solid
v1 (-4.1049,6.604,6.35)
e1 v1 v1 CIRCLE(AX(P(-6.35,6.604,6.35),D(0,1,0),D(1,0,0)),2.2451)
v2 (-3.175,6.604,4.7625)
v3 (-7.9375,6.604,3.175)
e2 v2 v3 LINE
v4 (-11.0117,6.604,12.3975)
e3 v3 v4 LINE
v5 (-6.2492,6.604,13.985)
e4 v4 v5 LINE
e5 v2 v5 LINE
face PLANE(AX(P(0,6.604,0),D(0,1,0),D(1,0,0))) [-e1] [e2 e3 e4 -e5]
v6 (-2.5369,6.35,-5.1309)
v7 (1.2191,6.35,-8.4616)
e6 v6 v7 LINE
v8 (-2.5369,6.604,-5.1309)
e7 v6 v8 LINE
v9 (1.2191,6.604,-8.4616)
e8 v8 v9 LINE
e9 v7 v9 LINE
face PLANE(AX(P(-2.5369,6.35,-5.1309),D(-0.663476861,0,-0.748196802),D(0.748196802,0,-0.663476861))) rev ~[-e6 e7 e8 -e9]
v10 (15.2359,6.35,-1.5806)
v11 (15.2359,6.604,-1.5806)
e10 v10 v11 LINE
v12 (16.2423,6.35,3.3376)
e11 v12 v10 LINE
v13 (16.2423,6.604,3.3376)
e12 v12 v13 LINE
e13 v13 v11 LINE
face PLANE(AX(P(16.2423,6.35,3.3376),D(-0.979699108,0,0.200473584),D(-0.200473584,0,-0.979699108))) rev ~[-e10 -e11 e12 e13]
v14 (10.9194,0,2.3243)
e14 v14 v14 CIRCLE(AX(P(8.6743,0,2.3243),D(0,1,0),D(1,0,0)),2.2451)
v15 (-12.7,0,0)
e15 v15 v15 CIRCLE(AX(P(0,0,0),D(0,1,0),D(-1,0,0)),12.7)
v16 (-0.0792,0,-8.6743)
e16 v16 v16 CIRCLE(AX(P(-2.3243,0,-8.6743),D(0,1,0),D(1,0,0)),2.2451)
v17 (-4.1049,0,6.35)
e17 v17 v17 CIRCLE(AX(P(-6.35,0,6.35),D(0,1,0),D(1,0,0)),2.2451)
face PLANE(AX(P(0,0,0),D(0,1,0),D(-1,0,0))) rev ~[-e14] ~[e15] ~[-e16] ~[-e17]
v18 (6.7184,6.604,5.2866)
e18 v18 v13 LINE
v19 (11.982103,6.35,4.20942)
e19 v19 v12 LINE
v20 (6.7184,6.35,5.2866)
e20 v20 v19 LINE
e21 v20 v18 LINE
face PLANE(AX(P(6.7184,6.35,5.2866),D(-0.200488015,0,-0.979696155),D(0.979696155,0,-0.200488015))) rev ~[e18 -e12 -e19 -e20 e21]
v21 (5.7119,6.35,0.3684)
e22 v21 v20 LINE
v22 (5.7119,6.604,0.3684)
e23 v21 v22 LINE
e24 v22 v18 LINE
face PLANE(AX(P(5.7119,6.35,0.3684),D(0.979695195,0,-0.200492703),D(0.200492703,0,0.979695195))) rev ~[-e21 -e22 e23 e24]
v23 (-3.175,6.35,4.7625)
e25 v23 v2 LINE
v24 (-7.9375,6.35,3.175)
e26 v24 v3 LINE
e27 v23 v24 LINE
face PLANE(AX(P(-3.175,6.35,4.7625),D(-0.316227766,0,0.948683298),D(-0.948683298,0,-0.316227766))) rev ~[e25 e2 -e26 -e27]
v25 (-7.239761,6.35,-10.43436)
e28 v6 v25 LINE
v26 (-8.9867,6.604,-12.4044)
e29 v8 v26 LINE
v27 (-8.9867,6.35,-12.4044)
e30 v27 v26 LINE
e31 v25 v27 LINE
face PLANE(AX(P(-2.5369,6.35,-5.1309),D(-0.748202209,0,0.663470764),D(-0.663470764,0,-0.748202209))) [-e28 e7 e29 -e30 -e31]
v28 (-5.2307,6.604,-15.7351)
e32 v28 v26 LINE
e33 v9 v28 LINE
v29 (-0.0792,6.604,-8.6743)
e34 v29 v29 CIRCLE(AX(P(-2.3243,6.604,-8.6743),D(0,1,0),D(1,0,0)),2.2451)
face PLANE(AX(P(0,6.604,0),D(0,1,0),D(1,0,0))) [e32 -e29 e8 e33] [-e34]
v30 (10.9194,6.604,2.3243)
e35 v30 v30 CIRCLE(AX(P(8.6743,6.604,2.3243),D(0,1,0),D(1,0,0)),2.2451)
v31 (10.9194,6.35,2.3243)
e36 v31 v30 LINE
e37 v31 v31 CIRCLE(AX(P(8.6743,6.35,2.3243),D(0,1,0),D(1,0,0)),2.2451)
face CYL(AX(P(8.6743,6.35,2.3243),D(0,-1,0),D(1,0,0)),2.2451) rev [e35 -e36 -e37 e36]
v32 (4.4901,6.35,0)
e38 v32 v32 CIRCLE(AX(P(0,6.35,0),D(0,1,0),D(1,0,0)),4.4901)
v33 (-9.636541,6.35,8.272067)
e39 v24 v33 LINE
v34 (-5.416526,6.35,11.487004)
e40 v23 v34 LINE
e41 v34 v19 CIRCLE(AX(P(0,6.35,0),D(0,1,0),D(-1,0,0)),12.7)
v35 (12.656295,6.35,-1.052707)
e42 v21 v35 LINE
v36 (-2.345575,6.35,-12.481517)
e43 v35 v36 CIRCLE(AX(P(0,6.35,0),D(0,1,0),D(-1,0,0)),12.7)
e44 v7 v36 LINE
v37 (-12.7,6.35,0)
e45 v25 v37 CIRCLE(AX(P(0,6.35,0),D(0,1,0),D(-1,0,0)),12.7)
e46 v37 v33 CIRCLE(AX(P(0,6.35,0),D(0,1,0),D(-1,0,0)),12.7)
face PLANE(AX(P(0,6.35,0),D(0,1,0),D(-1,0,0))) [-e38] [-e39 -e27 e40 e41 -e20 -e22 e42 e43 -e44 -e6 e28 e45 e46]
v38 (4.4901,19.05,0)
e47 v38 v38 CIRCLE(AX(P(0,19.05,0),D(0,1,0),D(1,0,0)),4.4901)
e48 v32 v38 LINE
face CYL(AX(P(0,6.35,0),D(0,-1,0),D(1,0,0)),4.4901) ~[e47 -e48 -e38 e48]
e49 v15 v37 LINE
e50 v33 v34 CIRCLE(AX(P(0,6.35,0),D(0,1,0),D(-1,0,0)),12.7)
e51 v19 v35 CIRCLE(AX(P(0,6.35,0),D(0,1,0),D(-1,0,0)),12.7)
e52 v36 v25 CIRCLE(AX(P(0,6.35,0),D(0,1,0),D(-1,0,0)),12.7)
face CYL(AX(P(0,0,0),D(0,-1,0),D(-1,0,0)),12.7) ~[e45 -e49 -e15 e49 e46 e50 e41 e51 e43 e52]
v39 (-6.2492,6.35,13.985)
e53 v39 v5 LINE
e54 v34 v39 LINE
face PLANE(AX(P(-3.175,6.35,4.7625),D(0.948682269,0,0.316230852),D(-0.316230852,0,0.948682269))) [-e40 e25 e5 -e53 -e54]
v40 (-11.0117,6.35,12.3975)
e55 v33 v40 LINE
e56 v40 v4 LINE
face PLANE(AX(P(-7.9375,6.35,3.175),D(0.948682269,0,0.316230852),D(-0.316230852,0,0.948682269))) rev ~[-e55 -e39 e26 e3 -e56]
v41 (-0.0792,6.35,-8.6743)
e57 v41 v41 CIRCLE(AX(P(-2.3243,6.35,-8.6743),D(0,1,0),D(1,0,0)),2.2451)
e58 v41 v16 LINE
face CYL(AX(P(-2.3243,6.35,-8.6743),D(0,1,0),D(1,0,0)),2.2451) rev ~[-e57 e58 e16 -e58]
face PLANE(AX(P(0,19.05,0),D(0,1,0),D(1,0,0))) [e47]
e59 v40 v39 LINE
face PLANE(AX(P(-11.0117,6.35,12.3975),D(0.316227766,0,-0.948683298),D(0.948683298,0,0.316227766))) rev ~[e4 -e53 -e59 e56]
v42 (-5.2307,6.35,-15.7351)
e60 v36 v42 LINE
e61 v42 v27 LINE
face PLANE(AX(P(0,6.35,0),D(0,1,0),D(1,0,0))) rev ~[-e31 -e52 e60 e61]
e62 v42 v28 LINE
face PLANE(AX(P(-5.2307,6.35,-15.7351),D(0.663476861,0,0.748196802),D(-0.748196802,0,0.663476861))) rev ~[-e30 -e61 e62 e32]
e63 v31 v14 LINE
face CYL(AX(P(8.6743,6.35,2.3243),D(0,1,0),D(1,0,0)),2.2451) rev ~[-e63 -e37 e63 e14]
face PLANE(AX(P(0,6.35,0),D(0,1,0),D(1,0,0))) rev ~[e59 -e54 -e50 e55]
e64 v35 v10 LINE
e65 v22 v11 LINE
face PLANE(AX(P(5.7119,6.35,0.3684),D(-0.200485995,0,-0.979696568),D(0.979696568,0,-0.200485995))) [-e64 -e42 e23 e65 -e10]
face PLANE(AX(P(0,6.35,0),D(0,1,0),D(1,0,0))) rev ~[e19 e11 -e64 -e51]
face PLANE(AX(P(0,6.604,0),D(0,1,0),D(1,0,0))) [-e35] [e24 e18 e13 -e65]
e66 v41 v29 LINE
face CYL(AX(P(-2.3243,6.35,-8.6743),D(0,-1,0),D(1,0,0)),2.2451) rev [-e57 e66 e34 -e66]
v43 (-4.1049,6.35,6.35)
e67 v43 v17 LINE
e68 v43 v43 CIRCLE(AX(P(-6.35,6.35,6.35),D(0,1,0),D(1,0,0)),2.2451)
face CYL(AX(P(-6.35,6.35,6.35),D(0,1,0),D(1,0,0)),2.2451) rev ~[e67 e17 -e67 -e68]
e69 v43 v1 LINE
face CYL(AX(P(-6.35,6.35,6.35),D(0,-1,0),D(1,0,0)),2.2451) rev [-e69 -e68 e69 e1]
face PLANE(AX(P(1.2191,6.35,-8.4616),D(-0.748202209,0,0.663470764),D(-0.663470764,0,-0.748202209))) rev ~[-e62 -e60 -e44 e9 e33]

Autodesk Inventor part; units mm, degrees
ref_plane "YZ Plane" through (0, 0, 0) normal (1, 0, 0) x (0, 1, 0)
ref_plane "XZ Plane" through (0, 0, 0) normal (0, 1, 0) x (-1, 0, 0)
ref_plane "XY Plane" through (0, 0, 0) normal (0, 0, 1) x (1, 0, 0)
sketch "Sketch1" plane through (0, 0, 0) normal (0, 1, 0) x (-1, 0, 0)
  circle A0 centre (0, 0) radius 12.7
  dimension "d0" = 25.4
extrude "Extrusion1" add sketch "Sketch1" along normal blind 6.35
sketch "Sketch2" plane through (0, 6.35, 0) normal (0, 1, 0) x (1, 0, 0)
  line L0 (0, 0) -> (-6.35, 0)
  circle A0 centre (-6.35, -6.35) radius 2.2451
  line L1 (-3.175, -4.7625) -> (-7.9375, -3.175)
  line L2 (-7.9375, -3.175) -> (-11.0117, -12.3975)
  line L3 (-3.175, -4.7625) -> (-6.2492, -13.985)
  line L4 (-11.0117, -12.3975) -> (-6.2492, -13.985)
  circle A1 centre (8.6743, -2.3243) radius 2.2451
  line L5 (6.7184, -5.2866) -> (16.2423, -3.3376)
  line L6 (16.2423, -3.3376) -> (15.2359, 1.5806)
  line L7 (5.7119, -0.3684) -> (15.2359, 1.5806)
  line L8 (5.7119, -0.3684) -> (6.7184, -5.2866)
  circle A2 centre (-2.3243, 8.6743) radius 2.2451
  line L9 (1.2191, 8.4616) -> (-5.2307, 15.7351)
  line L10 (-5.2307, 15.7351) -> (-8.9867, 12.4044)
  line L11 (-2.5369, 5.1309) -> (-8.9867, 12.4044)
  line L12 (-2.5369, 5.1309) -> (1.2191, 8.4616)
  dimension "d5" = 360
extrude "Extrusion2" add sketch "Sketch2" along normal blind 0.254
sketch "Sketch3" plane through (-6.35, 6.35, 6.35) normal (0, 1, 0) x (1, 0, 0)
  point P0 (6.35, 6.35)
sketch "Sketch4" plane through (0, 6.35, 0) normal (0, 1, 0) x (1, 0, 0)
  circle A0 centre (-6.35, -6.35) radius 2.2451
  circle A1 centre (8.6743, -2.3243) radius 2.2451
  circle A2 centre (-2.3243, 8.6743) radius 2.2451
  point P0 (0, 0)
  dimension "d11" = 360
extrude "Extrusion3" cut sketch "Sketch4" against normal blind 12.7
sketch "Sketch5" plane through (0, 6.35, 0) normal (0, 1, 0) x (1, 0, 0)
  circle A0 centre (0, 0) radius 4.4901
extrude "Extrusion4" add sketch "Sketch5" along normal blind 12.7
properties part number "hand_shaft"
